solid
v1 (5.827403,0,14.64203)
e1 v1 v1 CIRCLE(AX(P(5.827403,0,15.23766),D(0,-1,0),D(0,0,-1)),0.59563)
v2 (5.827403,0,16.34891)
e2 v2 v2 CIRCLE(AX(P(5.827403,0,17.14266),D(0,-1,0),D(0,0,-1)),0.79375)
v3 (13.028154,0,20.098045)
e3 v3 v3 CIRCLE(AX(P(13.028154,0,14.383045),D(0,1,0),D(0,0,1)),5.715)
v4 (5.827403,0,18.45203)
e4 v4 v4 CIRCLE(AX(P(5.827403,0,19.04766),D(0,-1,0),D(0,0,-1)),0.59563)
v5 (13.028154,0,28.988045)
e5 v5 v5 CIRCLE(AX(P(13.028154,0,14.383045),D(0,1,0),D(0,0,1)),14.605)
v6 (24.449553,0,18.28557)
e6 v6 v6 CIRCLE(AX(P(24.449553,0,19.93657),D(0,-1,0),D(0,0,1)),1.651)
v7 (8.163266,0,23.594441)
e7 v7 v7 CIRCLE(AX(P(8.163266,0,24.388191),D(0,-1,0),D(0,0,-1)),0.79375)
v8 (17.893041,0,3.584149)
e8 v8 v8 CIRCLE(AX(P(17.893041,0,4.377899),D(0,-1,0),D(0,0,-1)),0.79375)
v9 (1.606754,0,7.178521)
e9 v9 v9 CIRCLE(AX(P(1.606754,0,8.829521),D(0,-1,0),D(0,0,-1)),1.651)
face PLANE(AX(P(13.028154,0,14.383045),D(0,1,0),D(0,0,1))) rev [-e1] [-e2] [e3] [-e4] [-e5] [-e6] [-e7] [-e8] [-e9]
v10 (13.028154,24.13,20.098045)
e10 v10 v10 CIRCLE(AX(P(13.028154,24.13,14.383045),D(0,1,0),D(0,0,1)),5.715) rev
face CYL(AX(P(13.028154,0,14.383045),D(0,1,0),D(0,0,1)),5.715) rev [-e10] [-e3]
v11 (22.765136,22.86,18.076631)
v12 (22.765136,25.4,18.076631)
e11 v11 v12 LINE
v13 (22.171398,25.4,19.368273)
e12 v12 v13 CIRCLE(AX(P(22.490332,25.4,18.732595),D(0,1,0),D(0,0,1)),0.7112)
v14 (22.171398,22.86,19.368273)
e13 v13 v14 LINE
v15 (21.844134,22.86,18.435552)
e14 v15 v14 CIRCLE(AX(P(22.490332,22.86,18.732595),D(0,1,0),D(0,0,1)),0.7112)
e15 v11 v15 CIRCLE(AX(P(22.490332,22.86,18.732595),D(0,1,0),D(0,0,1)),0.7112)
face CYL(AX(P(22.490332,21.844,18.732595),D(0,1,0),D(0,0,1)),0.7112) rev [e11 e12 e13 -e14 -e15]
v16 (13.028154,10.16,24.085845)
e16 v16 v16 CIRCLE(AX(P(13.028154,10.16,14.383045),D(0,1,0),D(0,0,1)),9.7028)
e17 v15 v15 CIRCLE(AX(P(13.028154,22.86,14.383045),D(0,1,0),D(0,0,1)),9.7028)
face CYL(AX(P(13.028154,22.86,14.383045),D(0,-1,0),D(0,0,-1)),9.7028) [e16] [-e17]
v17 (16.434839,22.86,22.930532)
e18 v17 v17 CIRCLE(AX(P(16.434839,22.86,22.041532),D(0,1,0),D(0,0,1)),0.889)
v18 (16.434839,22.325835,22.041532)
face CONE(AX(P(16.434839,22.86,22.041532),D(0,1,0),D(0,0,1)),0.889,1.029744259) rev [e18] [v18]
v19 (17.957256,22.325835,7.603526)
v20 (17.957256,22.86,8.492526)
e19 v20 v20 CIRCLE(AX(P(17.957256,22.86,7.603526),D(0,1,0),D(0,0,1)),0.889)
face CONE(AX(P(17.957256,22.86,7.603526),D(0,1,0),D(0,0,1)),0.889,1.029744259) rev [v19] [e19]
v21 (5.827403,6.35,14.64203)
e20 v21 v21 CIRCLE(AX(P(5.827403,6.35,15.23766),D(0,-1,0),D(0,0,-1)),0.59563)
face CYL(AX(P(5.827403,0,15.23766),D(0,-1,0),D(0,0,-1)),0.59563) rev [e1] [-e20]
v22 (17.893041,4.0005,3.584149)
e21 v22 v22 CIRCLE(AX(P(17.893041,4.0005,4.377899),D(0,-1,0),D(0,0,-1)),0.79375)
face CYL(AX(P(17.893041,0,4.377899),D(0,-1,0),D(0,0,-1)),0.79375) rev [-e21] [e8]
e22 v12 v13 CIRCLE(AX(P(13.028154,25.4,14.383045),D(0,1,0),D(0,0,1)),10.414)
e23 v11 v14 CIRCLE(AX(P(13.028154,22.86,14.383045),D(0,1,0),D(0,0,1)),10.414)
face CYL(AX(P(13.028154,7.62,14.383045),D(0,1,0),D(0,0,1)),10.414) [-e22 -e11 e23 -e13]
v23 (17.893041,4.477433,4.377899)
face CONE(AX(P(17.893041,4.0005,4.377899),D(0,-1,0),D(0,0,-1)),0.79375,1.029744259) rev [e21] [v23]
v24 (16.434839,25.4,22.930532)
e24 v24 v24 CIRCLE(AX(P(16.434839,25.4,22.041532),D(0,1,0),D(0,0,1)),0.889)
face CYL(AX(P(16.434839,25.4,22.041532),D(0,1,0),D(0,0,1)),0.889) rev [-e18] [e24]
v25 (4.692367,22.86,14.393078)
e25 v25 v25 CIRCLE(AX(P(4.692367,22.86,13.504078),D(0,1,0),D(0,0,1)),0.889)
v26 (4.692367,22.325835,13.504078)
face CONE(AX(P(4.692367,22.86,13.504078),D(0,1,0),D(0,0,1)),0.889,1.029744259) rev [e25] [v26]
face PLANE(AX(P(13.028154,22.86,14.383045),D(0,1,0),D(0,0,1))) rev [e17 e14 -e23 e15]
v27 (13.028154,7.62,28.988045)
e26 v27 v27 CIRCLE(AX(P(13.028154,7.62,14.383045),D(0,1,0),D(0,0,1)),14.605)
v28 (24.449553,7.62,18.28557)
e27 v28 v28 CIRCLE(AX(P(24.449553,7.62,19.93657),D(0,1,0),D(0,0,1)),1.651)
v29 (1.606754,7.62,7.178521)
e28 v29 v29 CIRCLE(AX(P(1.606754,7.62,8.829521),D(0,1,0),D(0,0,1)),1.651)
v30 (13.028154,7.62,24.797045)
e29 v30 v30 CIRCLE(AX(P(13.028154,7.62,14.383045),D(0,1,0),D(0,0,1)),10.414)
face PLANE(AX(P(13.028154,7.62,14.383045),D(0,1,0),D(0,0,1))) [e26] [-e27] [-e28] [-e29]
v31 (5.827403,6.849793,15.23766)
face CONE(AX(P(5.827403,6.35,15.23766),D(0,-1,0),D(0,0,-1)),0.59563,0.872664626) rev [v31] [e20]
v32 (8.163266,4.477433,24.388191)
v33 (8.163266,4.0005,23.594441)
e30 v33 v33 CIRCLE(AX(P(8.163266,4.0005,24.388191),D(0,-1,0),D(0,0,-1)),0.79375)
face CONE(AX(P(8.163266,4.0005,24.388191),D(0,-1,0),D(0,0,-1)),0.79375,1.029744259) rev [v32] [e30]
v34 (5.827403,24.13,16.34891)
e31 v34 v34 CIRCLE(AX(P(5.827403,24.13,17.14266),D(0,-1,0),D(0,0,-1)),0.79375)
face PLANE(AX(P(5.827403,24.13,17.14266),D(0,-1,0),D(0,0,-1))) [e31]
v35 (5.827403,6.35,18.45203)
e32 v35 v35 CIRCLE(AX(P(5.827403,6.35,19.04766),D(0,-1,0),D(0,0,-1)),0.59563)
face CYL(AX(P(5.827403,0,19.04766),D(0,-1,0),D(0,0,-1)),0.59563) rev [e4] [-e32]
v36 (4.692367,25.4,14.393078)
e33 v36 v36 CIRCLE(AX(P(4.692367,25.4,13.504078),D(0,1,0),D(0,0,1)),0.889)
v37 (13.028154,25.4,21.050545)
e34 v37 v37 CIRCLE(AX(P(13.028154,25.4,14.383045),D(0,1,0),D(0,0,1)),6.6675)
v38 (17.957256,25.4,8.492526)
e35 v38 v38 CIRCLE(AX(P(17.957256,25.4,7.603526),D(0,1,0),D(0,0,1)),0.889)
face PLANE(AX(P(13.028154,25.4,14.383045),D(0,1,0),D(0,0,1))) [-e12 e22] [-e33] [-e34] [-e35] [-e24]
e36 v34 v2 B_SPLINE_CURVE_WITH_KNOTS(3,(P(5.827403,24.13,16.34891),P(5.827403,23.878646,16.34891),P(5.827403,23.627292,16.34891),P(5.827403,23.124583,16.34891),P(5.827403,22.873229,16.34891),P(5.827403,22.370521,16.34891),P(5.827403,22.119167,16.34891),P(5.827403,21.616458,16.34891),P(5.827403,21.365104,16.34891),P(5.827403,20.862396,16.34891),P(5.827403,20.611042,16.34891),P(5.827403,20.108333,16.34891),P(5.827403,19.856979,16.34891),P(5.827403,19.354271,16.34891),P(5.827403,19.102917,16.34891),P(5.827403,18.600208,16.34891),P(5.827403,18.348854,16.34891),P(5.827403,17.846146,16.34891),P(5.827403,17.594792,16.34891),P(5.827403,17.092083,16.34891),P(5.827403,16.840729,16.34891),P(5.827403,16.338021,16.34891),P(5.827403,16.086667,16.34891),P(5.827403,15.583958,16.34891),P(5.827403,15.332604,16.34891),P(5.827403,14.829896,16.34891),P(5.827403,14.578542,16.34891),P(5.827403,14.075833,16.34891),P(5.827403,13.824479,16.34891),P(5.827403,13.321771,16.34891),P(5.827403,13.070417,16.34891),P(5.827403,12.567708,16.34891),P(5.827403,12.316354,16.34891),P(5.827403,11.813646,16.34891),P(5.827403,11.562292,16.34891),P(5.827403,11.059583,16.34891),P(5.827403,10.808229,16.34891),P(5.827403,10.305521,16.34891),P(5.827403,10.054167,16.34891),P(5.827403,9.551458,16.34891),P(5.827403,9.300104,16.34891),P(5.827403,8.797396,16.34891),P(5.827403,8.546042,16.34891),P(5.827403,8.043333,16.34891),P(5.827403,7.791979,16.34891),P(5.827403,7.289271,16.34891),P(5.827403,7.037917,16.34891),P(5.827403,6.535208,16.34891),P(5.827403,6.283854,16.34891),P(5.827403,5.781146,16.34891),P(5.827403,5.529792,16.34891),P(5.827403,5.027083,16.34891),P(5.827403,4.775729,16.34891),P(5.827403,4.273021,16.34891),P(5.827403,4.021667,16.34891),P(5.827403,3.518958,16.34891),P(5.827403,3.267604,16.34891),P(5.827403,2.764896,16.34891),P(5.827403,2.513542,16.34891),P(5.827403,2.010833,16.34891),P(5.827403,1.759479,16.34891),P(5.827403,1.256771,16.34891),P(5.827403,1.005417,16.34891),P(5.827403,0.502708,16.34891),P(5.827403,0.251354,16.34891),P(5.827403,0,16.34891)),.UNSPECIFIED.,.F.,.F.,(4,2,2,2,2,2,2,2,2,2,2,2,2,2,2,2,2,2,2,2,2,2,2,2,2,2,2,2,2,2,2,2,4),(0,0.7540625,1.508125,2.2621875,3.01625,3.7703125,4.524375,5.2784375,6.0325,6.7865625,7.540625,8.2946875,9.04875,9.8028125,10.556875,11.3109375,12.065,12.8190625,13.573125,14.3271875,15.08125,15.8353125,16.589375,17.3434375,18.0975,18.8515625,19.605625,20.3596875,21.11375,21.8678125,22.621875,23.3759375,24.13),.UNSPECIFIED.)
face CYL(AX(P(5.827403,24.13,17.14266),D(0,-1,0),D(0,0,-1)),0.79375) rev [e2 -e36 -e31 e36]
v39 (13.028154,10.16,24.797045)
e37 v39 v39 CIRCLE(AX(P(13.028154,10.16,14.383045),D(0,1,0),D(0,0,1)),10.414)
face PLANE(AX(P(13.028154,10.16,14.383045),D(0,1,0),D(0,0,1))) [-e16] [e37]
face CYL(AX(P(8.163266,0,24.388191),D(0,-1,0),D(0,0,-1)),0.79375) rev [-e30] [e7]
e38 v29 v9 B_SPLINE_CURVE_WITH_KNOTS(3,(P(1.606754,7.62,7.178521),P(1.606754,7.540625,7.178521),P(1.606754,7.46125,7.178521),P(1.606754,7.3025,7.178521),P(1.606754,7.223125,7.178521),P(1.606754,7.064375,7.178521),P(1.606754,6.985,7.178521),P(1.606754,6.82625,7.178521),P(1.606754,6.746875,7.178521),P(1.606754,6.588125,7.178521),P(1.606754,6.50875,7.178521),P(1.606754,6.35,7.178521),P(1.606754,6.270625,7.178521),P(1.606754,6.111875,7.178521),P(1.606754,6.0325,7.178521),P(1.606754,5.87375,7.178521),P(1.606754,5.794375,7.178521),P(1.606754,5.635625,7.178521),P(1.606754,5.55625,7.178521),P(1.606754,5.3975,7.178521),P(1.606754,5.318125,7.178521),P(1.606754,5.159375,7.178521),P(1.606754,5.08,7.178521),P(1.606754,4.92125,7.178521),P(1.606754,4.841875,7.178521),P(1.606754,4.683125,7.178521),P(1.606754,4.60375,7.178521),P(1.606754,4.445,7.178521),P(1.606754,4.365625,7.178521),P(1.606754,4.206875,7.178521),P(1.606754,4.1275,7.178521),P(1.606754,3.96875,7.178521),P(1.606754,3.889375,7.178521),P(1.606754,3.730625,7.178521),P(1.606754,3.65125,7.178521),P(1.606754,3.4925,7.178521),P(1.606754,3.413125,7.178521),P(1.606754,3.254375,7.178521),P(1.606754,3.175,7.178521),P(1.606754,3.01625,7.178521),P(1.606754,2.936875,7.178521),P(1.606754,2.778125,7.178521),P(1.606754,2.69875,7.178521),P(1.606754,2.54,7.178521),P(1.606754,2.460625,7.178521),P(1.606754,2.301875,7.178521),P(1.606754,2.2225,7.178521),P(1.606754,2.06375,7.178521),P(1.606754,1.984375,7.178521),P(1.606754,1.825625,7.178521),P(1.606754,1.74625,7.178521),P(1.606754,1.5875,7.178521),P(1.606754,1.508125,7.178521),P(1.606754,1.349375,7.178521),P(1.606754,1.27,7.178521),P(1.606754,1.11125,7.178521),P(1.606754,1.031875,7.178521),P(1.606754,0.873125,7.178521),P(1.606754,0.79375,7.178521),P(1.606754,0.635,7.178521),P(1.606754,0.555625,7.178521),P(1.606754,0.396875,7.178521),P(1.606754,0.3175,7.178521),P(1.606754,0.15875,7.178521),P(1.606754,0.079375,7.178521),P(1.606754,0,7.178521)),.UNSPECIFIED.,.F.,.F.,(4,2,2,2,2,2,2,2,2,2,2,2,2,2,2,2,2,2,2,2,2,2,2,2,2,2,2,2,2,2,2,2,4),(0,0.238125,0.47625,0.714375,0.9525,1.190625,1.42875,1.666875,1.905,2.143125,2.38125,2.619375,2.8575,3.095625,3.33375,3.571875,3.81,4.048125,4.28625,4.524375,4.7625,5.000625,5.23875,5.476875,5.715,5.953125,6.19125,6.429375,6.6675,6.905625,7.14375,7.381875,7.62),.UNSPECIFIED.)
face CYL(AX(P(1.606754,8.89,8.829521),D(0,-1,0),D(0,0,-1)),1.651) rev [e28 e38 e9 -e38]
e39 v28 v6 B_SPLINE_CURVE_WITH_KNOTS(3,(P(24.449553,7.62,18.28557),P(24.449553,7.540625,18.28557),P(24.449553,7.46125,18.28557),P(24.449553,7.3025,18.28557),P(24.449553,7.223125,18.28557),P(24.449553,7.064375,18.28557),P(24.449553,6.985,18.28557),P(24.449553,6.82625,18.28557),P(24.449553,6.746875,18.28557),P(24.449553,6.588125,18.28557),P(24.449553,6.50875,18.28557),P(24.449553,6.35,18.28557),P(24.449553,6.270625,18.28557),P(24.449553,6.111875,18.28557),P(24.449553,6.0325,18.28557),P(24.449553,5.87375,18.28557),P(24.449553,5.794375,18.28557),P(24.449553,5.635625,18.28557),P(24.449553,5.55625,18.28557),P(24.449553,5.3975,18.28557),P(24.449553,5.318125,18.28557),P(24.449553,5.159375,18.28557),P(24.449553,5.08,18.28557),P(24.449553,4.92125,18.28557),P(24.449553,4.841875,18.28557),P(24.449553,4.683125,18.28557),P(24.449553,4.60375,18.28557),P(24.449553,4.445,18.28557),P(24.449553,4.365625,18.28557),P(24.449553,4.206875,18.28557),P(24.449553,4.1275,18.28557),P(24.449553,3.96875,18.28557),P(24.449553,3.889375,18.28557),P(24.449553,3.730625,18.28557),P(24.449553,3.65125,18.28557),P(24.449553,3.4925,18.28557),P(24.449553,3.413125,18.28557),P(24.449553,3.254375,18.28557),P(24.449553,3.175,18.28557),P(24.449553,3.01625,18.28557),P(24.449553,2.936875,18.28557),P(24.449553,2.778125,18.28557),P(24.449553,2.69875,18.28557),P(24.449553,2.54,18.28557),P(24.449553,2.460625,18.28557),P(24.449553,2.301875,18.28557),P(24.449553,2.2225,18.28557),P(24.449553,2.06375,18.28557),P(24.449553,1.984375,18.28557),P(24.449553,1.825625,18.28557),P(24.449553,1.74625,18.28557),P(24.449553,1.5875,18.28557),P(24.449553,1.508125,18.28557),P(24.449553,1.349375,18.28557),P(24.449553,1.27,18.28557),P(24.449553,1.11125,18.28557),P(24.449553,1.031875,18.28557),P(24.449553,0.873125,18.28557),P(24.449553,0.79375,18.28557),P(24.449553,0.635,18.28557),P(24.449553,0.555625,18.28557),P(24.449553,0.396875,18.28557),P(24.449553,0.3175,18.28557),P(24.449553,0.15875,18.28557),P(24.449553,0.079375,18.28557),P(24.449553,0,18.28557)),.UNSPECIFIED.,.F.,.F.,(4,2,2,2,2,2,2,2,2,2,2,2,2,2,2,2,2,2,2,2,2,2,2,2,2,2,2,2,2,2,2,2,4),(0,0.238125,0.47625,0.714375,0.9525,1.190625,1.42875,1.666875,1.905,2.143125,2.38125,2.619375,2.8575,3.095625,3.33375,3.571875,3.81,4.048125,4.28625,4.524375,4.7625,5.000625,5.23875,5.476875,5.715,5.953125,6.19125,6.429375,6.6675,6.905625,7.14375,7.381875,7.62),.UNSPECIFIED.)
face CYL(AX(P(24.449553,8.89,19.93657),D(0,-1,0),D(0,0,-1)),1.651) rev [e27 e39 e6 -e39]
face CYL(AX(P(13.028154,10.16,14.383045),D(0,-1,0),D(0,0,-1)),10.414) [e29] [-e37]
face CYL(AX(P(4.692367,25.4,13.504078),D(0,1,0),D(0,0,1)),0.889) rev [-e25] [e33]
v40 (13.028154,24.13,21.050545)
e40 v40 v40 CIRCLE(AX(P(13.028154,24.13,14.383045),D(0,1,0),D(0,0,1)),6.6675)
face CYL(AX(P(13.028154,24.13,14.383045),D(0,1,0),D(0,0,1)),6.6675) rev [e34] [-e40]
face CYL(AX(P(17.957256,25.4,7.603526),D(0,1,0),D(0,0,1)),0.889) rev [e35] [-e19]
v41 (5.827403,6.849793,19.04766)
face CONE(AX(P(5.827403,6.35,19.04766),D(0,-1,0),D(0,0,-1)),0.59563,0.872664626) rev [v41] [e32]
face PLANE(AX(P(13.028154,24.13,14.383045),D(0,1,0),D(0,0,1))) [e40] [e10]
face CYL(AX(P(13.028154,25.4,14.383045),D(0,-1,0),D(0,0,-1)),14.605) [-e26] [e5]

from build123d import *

# Parameters (mm, degrees)
SKETCH1_R                     = 14.605
BOSS_EXTRUDE2_DEPTH           = 25.4
SKETCH10_R                    = 5.715
CUT_EXTRUDE5_DEPTH            = 48.424233935
SKETCH11_R                    = 6.6675
CUT_EXTRUDE6_DEPTH            = 1.27
SKETCH12_OUTSIDE_W            = 40.908
SKETCH12_OUTSIDE_H            = 40.908
SKETCH12_OUTSIDE_R            = 10.414
CUT_EXTRUDE7_DEPTH            = 17.78
CIRPATTERN1_COUNT             = 3
CIRPATTERN2_COUNT             = 2
SKETCH26_R                    = 1.651
CUT_EXTRUDE8_DEPTH            = 8.89
CIRPATTERN3_COUNT             = 2
SKETCH27_R                    = 0.79375
CUT_EXTRUDE9_DEPTH            = 24.13
TAP_DRILL_FOR_0_80_TAP3_D     = 1.19126
TAP_DRILL_FOR_0_80_TAP3_DEPTH = 6.35
TAP_DRILL_FOR_0_80_TAP3_TIP   = 0.499792913
CUT_EXTRUDE10_START           = 15.24
SKETCH33_R                    = 10.414
SKETCH33_R_2                  = 9.7028
CUT_EXTRUDE10_DEPTH           = 15.24
BOSS_EXTRUDE3_START           = 2.54
SKETCH33_2_R                  = 10.414
SKETCH33_2_R_2                = 9.7028
BOSS_EXTRUDE3_DEPTH           = 2.54
SKETCH35_R                    = 0.7112
CUT_EXTRUDE11_DEPTH           = 3.556


with BuildPart() as part:
    # Sketch1 → Boss-Extrude2 (new body)
    with BuildSketch(Plane(origin=(0, 0, 0), x_dir=(1, 0, 0), z_dir=(0, 1, 0))):
        with Locations((13.028153923, -14.383045271)):
            Circle(SKETCH1_R)
    extrude(amount=BOSS_EXTRUDE2_DEPTH)

    # Sketch10 → Cut-Extrude5 (cut, through all)
    with BuildSketch(Plane(origin=(0, 25.4, 0), x_dir=(1, 0, 0), z_dir=(0, 1, 0))):
        with Locations((13.028153923, -14.383045271)):
            Circle(SKETCH10_R)
    extrude(amount=-CUT_EXTRUDE5_DEPTH, mode=Mode.SUBTRACT)

    # Sketch11 → Cut-Extrude6 (cut)
    with BuildSketch(Plane(origin=(0, 25.4, 0), x_dir=(1, 0, 0), z_dir=(0, 1, 0))):
        with Locations((13.028153923, -14.383045271)):
            Circle(SKETCH11_R)
    extrude(amount=-CUT_EXTRUDE6_DEPTH, mode=Mode.SUBTRACT)

    # Sketch12 outside → Cut-Extrude7 (cut)
    with BuildSketch(Plane(origin=(0, 25.4, 0), x_dir=(1, 0, 0), z_dir=(0, 1, 0))):
        with Locations((13.028, -14.383)):
            Rectangle(SKETCH12_OUTSIDE_W, SKETCH12_OUTSIDE_H)
        with Locations((13.028153923, -14.383045271)):
            Circle(SKETCH12_OUTSIDE_R, mode=Mode.SUBTRACT)
    extrude(amount=-CUT_EXTRUDE7_DEPTH, mode=Mode.SUBTRACT)

    # Sketch17 → #50 (0.07) Diameter Hole1 (revolve, cut)
    with BuildSketch(Plane(origin=(4.692367215, 25.4, 13.504077717), x_dir=(0, 0, 1), z_dir=(1, 0, 0))):
        Polygon((0, 0), (0, 3.07416509), (0.889, 2.54), (0.889, 0), align=None)
    f_50_0_07_diameter_hole1 = revolve(axis=Axis((4.692367215, 31.75, 13.504077717), (0, -1, 0)), mode=Mode.SUBTRACT)

    # CirPattern1: #50 (0.07) Diameter Hole1 ×3 about axis
    cirpattern1_axis = Axis((13.028153923, 7.62, 14.383045271), (0, 1, 0))
    for i in range(1, CIRPATTERN1_COUNT):
        add(f_50_0_07_diameter_hole1.rotate(cirpattern1_axis, i * 360 / CIRPATTERN1_COUNT), mode=Mode.SUBTRACT)

    # Sketch24 → 1/16 (0.0625) Diameter Hole2 (revolve, cut)
    with BuildSketch(Plane(origin=(8.163266455, 0, 24.388191195), x_dir=(0, 0, -1), z_dir=(1, 0, 0))):
        Polygon((0, 0), (0, 4.477433116), (0.79375, 4.0005), (0.79375, 0), align=None)
    f_1_16_0_0625_diameter_hole2 = revolve(axis=Axis((8.163266455, -6.35, 24.388191195), (0, 1, 0)), mode=Mode.SUBTRACT)

    # CirPattern2: 1/16 (0.0625) Diameter Hole2 ×2 about axis
    cirpattern2_axis = Axis((13.028153923, 25.4, 14.383045271), (0, -1, 0))
    for i in range(1, CIRPATTERN2_COUNT):
        add(f_1_16_0_0625_diameter_hole2.rotate(cirpattern2_axis, i * 360 / CIRPATTERN2_COUNT), mode=Mode.SUBTRACT)

    # Sketch26 → Cut-Extrude8 (cut)
    with BuildSketch(Plane(origin=(0, 0, 0), x_dir=(-1, 0, 0), z_dir=(0, -1, 0))):
        with Locations((-1.606754466, -8.829520764)):
            Circle(SKETCH26_R)
    cut_extrude8 = extrude(amount=-CUT_EXTRUDE8_DEPTH, mode=Mode.SUBTRACT)

    # CirPattern3: Cut-Extrude8 ×2 about axis
    cirpattern3_axis = Axis((13.028153923, 25.4, 14.383045271), (0, -1, 0))
    for i in range(1, CIRPATTERN3_COUNT):
        add(cut_extrude8.rotate(cirpattern3_axis, i * 360 / CIRPATTERN3_COUNT), mode=Mode.SUBTRACT)

    # Sketch27 → Cut-Extrude9 (cut)
    with BuildSketch(Plane(origin=(0, 0, 0), x_dir=(-1, 0, 0), z_dir=(0, -1, 0))):
        with Locations((-5.827402564, -17.142659866)):
            Circle(SKETCH27_R)
    extrude(amount=-CUT_EXTRUDE9_DEPTH, mode=Mode.SUBTRACT)

    # Tap Drill for #0-80 Tap3
    with Locations(Plane(origin=(0, 0, 0), x_dir=(-1, 0, 0), z_dir=(0, -1, 0))):
        with Locations((-5.827402564, -15.237659866), (-5.827402564, -19.047659866)):
            Hole(TAP_DRILL_FOR_0_80_TAP3_D / 2, depth=TAP_DRILL_FOR_0_80_TAP3_DEPTH)
            with Locations((0, 0, -(TAP_DRILL_FOR_0_80_TAP3_DEPTH + TAP_DRILL_FOR_0_80_TAP3_TIP / 2))):  # 100° drill point
                Cone(0, TAP_DRILL_FOR_0_80_TAP3_D / 2, TAP_DRILL_FOR_0_80_TAP3_TIP, mode=Mode.SUBTRACT)

    # Sketch33 → Cut-Extrude10 (cut)
    with BuildSketch(Plane(origin=(0, 7.62, 0), x_dir=(1, 0, 0), z_dir=(0, 1, 0)).offset(CUT_EXTRUDE10_START)):
        with Locations((13.028153923, -14.383045271)):
            Circle(SKETCH33_R)
        with Locations((13.028153923, -14.383045271)):
            Circle(SKETCH33_R_2, mode=Mode.SUBTRACT)
    extrude(amount=-CUT_EXTRUDE10_DEPTH, mode=Mode.SUBTRACT)

    # Sketch33<2> → Boss-Extrude3 (add)
    with BuildSketch(Plane(origin=(0, 7.62, 0), x_dir=(1, 0, 0), z_dir=(0, 1, 0)).offset(BOSS_EXTRUDE3_START)):
        with Locations((13.028153923, -14.383045271)):
            Circle(SKETCH33_2_R)
        with Locations((13.028153923, -14.383045271)):
            Circle(SKETCH33_2_R_2, mode=Mode.SUBTRACT)
    extrude(amount=-BOSS_EXTRUDE3_DEPTH)

    # Sketch35 → Cut-Extrude11 (cut)
    with BuildSketch(Plane(origin=(0, 25.4, 0), x_dir=(1, 0, 0), z_dir=(0, 1, 0))):
        with Locations((22.490332014, -18.732594877)):
            Circle(SKETCH35_R)
    extrude(amount=-CUT_EXTRUDE11_DEPTH, mode=Mode.SUBTRACT)


solid = part.part
